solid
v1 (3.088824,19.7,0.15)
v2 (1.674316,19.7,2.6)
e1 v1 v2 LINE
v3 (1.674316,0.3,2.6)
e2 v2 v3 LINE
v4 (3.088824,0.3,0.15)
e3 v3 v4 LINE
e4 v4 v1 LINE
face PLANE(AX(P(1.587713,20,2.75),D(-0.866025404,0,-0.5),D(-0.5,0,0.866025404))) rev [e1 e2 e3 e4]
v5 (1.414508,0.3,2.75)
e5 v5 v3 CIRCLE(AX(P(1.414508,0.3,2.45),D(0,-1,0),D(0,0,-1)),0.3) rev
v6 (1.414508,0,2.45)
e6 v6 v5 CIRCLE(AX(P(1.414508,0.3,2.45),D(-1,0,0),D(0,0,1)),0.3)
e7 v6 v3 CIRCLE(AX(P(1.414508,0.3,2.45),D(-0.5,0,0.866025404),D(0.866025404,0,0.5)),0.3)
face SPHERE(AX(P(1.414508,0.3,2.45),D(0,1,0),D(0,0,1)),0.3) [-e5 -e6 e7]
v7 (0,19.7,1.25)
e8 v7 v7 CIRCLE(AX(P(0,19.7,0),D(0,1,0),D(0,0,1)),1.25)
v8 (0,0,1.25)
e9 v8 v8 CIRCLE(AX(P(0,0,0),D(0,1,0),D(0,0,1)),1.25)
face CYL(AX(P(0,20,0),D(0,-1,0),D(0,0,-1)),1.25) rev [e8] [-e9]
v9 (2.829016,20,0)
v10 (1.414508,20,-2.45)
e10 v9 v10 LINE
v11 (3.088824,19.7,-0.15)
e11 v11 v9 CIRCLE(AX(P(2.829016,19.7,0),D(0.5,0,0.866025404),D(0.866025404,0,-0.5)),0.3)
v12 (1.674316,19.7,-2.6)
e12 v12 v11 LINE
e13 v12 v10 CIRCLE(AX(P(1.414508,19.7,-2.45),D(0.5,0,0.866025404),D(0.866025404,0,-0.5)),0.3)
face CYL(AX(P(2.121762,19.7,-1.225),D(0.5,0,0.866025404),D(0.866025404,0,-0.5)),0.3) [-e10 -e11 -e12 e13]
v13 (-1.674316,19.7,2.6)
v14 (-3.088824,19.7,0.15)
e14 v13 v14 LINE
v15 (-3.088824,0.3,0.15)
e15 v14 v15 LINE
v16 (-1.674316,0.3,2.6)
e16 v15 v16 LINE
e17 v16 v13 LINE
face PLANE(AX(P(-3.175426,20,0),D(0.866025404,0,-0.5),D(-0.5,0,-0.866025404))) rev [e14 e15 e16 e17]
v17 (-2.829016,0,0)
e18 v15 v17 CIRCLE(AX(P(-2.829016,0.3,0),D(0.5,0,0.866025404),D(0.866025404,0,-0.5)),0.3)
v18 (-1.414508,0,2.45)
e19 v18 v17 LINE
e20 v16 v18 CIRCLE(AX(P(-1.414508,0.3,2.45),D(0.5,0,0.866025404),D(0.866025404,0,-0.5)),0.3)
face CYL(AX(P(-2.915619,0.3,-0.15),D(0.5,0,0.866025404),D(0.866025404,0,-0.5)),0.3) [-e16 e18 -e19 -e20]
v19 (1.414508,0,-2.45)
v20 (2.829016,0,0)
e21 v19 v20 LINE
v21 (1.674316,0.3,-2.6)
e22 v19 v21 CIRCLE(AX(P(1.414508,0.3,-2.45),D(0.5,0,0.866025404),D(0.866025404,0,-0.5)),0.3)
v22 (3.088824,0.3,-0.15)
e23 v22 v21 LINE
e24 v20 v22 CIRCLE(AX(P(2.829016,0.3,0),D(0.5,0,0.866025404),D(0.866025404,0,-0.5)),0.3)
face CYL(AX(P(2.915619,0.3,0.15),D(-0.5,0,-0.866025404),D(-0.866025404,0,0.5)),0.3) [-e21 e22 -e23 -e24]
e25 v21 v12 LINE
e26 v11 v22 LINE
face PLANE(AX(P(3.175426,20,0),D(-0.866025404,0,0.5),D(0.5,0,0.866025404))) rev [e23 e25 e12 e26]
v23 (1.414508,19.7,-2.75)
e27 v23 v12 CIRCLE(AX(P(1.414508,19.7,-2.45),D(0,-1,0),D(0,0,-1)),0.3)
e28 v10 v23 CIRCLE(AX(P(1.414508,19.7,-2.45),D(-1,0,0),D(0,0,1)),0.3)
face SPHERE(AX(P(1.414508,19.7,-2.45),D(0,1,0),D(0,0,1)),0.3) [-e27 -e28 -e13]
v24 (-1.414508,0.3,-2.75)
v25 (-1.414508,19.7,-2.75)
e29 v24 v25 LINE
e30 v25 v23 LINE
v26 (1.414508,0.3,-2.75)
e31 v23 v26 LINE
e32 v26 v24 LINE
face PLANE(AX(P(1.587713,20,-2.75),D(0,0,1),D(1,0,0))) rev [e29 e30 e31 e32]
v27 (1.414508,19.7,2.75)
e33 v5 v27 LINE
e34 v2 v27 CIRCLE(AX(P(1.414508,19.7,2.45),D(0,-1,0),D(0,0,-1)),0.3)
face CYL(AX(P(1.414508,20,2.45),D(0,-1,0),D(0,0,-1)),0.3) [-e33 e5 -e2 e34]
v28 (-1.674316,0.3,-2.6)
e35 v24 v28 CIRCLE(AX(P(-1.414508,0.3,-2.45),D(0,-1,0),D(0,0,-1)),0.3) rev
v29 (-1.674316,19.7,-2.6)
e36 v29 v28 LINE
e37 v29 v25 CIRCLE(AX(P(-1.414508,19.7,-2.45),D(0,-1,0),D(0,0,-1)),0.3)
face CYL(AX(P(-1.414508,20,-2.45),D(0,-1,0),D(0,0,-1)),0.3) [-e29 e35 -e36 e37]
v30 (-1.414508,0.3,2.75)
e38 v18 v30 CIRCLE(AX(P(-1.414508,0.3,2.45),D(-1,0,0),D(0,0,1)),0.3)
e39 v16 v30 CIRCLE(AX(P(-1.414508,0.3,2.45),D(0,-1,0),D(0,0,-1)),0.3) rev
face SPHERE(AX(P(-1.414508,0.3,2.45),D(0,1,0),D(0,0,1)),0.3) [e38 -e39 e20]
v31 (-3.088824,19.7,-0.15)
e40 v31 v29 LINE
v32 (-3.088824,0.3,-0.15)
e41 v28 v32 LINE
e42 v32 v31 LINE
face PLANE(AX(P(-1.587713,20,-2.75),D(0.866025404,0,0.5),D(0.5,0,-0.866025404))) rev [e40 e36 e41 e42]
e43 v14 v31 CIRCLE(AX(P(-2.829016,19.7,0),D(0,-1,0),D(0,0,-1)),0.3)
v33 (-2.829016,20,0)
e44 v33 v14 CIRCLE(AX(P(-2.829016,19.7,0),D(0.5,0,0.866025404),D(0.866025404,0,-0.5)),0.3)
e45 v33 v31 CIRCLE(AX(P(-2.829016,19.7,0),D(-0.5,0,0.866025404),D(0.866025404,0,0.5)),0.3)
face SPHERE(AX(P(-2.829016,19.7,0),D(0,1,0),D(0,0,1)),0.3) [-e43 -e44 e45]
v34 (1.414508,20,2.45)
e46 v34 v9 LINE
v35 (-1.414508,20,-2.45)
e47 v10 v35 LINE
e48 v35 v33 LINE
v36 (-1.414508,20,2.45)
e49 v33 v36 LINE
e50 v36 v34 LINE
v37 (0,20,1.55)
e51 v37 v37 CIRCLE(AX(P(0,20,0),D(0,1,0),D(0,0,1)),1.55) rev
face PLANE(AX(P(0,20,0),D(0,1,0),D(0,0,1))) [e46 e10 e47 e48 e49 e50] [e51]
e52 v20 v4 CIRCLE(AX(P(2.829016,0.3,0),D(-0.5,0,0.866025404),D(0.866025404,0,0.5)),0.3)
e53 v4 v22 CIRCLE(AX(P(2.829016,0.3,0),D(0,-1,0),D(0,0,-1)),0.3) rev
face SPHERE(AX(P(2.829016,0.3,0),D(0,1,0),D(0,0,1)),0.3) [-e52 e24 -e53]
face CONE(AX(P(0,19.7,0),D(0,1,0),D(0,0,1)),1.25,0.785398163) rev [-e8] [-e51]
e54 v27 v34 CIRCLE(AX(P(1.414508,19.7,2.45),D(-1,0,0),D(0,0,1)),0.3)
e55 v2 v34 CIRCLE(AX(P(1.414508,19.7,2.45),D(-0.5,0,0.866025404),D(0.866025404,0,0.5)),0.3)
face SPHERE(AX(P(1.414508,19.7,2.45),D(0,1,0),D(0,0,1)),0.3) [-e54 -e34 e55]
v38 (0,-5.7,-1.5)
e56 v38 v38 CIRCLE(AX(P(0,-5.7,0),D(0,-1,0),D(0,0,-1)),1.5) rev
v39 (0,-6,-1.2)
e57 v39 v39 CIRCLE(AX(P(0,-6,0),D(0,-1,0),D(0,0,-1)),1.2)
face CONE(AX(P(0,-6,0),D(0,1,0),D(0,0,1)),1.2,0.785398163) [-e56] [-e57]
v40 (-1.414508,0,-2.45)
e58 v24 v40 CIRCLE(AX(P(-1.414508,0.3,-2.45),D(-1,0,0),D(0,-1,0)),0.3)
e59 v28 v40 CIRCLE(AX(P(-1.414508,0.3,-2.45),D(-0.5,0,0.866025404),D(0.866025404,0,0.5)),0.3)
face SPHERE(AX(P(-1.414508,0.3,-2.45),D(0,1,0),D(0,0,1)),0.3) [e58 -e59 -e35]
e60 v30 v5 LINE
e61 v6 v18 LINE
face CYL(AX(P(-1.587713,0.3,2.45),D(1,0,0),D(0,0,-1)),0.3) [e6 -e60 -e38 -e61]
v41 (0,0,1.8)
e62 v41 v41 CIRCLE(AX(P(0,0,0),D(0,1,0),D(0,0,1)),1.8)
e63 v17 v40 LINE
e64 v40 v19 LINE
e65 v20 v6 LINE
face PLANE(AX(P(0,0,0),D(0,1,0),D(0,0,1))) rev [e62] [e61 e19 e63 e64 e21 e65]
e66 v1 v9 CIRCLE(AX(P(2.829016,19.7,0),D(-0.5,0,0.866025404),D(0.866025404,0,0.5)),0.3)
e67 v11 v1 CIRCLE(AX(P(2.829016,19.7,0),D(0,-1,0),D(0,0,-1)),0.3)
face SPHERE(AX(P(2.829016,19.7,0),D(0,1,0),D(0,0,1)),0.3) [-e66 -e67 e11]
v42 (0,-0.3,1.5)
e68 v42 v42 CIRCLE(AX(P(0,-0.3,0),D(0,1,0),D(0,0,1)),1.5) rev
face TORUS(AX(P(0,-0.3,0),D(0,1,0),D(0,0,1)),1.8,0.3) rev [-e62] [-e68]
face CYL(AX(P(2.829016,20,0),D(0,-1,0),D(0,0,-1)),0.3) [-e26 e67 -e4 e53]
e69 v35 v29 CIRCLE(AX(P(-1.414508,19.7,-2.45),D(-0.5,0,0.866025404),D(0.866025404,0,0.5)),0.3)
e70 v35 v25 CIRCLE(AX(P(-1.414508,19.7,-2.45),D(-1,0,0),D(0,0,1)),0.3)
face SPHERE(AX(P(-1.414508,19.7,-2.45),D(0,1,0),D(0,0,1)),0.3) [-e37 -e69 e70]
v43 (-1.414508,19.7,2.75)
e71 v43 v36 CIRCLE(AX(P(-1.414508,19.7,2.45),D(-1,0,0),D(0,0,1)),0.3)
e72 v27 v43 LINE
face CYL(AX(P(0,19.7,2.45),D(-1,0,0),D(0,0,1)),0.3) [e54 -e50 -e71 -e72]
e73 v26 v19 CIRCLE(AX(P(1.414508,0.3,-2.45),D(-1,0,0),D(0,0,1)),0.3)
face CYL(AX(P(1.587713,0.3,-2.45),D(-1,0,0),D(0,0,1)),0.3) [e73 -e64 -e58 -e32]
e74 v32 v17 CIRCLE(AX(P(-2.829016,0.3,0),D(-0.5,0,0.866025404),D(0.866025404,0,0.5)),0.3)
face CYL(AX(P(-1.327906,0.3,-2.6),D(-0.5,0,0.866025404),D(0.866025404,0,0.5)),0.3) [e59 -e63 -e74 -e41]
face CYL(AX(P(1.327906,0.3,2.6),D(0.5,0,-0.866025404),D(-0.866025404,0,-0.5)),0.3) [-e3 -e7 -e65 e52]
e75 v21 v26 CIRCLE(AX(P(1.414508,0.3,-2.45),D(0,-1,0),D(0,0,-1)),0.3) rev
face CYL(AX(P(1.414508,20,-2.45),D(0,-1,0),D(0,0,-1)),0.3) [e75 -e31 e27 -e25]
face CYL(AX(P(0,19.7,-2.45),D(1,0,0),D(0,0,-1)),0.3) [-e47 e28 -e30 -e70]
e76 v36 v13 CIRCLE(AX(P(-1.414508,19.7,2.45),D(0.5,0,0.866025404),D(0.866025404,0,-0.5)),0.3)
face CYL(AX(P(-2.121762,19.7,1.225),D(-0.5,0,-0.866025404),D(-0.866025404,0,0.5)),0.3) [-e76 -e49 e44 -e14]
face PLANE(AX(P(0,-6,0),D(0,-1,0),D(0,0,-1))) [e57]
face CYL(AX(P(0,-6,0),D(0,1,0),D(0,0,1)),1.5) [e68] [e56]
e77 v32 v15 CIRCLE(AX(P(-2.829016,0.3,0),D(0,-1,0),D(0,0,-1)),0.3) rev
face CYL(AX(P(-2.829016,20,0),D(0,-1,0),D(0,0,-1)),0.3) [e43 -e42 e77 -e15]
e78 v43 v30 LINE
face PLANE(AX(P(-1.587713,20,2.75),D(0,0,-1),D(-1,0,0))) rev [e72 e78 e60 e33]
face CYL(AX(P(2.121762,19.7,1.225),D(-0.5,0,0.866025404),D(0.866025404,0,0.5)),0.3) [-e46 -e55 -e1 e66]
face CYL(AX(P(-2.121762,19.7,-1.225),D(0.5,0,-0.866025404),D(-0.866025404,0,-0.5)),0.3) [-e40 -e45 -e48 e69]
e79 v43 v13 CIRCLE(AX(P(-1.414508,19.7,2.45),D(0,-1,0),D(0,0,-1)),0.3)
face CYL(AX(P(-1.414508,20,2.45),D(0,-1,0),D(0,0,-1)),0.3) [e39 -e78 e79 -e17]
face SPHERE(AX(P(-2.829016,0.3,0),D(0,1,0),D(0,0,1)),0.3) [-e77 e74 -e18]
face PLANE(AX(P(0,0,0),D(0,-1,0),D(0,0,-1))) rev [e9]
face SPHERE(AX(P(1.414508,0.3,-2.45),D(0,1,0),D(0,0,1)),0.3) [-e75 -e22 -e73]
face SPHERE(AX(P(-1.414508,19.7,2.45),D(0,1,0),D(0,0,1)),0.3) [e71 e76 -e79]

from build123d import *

# Parameters (mm, degrees)
SKETCH1_R           = 1.25
BOSS_EXTRUDE1_DEPTH = 20
FILLET1_R           = 0.3
FILLET2_R           = 0.3
SKETCH2_R           = 1.5
BOSS_EXTRUDE2_DEPTH = 6
CHAMFER1_SIZE       = 0.3
FILLET3_R           = 0.3


with BuildPart() as part:
    # Sketch1 → Boss-Extrude1 (new body)
    with BuildSketch(Plane(origin=(0, 0, 0), x_dir=(1, 0, 0), z_dir=(0, 1, 0))):
        Polygon((-1.58771324, 2.75), (-3.175426481, 0), (-1.58771324, -2.75), (1.58771324, -2.75), (3.175426481, 0), (1.58771324, 2.75), align=None)
        with Locations(Location((0, 0, 0), (0, 0, 270))):
            Circle(SKETCH1_R, mode=Mode.SUBTRACT)
    extrude(amount=BOSS_EXTRUDE1_DEPTH)

    # Fillet1
    fillet1_edges = [part.edges().sort_by_distance(p)[0] for p in [
        (1.58771324, 10, -2.75),
        (3.175426481, 10, 0),
        (1.58771324, 10, 2.75),
        (-1.58771324, 10, 2.75),
        (-3.175426481, 10, 0),
        (-1.58771324, 10, -2.75),
    ]]
    fillet(fillet1_edges, radius=FILLET1_R)

    # Fillet2
    fillet2_edges = [part.edges().sort_by_distance(p)[0] for p in [
        (0, 0, -2.75),
        (0, 20, -2.75),
        (2.38156986, 0, -1.375),
        (2.38156986, 0, 1.375),
        (0, 0, 2.75),
        (-2.38156986, 0, 1.375),
        (-2.38156986, 0, -1.375),
        (1.56450816, 0, 2.709807621),
        (-1.56450816, 0, 2.709807621),
        (-3.129016319, 0, 0),
        (-1.56450816, 0, -2.709807621),
        (3.129016319, 0, 0),
        (1.56450816, 0, -2.709807621),
        (2.38156986, 20, -1.375),
        (-2.38156986, 20, -1.375),
        (-2.38156986, 20, 1.375),
        (0, 20, 2.75),
        (2.38156986, 20, 1.375),
        (1.56450816, 20, 2.709807621),
        (-1.56450816, 20, 2.709807621),
        (-3.129016319, 20, 0),
        (-1.56450816, 20, -2.709807621),
        (3.129016319, 20, 0),
        (1.56450816, 20, -2.709807621),
    ]]
    fillet(fillet2_edges, radius=FILLET2_R)

    # Sketch2 → Boss-Extrude2 (add)
    with BuildSketch(Plane.XZ):
        with Locations(Location((0, 0, 0), (0, 0, 90))):
            Circle(SKETCH2_R)
    extrude(amount=BOSS_EXTRUDE2_DEPTH)

    # Chamfer1
    chamfer1_edges = [part.edges().sort_by_distance(p)[0] for p in [
        (0, -6, -1.5),
        (0, 20, -1.25),
    ]]
    chamfer(chamfer1_edges, length=CHAMFER1_SIZE)

    # Fillet3
    fillet3_edges = [part.edges().sort_by_distance(p)[0] for p in [
        (0, 0, -1.5),
    ]]
    fillet(fillet3_edges, radius=FILLET3_R)


solid = part.part
